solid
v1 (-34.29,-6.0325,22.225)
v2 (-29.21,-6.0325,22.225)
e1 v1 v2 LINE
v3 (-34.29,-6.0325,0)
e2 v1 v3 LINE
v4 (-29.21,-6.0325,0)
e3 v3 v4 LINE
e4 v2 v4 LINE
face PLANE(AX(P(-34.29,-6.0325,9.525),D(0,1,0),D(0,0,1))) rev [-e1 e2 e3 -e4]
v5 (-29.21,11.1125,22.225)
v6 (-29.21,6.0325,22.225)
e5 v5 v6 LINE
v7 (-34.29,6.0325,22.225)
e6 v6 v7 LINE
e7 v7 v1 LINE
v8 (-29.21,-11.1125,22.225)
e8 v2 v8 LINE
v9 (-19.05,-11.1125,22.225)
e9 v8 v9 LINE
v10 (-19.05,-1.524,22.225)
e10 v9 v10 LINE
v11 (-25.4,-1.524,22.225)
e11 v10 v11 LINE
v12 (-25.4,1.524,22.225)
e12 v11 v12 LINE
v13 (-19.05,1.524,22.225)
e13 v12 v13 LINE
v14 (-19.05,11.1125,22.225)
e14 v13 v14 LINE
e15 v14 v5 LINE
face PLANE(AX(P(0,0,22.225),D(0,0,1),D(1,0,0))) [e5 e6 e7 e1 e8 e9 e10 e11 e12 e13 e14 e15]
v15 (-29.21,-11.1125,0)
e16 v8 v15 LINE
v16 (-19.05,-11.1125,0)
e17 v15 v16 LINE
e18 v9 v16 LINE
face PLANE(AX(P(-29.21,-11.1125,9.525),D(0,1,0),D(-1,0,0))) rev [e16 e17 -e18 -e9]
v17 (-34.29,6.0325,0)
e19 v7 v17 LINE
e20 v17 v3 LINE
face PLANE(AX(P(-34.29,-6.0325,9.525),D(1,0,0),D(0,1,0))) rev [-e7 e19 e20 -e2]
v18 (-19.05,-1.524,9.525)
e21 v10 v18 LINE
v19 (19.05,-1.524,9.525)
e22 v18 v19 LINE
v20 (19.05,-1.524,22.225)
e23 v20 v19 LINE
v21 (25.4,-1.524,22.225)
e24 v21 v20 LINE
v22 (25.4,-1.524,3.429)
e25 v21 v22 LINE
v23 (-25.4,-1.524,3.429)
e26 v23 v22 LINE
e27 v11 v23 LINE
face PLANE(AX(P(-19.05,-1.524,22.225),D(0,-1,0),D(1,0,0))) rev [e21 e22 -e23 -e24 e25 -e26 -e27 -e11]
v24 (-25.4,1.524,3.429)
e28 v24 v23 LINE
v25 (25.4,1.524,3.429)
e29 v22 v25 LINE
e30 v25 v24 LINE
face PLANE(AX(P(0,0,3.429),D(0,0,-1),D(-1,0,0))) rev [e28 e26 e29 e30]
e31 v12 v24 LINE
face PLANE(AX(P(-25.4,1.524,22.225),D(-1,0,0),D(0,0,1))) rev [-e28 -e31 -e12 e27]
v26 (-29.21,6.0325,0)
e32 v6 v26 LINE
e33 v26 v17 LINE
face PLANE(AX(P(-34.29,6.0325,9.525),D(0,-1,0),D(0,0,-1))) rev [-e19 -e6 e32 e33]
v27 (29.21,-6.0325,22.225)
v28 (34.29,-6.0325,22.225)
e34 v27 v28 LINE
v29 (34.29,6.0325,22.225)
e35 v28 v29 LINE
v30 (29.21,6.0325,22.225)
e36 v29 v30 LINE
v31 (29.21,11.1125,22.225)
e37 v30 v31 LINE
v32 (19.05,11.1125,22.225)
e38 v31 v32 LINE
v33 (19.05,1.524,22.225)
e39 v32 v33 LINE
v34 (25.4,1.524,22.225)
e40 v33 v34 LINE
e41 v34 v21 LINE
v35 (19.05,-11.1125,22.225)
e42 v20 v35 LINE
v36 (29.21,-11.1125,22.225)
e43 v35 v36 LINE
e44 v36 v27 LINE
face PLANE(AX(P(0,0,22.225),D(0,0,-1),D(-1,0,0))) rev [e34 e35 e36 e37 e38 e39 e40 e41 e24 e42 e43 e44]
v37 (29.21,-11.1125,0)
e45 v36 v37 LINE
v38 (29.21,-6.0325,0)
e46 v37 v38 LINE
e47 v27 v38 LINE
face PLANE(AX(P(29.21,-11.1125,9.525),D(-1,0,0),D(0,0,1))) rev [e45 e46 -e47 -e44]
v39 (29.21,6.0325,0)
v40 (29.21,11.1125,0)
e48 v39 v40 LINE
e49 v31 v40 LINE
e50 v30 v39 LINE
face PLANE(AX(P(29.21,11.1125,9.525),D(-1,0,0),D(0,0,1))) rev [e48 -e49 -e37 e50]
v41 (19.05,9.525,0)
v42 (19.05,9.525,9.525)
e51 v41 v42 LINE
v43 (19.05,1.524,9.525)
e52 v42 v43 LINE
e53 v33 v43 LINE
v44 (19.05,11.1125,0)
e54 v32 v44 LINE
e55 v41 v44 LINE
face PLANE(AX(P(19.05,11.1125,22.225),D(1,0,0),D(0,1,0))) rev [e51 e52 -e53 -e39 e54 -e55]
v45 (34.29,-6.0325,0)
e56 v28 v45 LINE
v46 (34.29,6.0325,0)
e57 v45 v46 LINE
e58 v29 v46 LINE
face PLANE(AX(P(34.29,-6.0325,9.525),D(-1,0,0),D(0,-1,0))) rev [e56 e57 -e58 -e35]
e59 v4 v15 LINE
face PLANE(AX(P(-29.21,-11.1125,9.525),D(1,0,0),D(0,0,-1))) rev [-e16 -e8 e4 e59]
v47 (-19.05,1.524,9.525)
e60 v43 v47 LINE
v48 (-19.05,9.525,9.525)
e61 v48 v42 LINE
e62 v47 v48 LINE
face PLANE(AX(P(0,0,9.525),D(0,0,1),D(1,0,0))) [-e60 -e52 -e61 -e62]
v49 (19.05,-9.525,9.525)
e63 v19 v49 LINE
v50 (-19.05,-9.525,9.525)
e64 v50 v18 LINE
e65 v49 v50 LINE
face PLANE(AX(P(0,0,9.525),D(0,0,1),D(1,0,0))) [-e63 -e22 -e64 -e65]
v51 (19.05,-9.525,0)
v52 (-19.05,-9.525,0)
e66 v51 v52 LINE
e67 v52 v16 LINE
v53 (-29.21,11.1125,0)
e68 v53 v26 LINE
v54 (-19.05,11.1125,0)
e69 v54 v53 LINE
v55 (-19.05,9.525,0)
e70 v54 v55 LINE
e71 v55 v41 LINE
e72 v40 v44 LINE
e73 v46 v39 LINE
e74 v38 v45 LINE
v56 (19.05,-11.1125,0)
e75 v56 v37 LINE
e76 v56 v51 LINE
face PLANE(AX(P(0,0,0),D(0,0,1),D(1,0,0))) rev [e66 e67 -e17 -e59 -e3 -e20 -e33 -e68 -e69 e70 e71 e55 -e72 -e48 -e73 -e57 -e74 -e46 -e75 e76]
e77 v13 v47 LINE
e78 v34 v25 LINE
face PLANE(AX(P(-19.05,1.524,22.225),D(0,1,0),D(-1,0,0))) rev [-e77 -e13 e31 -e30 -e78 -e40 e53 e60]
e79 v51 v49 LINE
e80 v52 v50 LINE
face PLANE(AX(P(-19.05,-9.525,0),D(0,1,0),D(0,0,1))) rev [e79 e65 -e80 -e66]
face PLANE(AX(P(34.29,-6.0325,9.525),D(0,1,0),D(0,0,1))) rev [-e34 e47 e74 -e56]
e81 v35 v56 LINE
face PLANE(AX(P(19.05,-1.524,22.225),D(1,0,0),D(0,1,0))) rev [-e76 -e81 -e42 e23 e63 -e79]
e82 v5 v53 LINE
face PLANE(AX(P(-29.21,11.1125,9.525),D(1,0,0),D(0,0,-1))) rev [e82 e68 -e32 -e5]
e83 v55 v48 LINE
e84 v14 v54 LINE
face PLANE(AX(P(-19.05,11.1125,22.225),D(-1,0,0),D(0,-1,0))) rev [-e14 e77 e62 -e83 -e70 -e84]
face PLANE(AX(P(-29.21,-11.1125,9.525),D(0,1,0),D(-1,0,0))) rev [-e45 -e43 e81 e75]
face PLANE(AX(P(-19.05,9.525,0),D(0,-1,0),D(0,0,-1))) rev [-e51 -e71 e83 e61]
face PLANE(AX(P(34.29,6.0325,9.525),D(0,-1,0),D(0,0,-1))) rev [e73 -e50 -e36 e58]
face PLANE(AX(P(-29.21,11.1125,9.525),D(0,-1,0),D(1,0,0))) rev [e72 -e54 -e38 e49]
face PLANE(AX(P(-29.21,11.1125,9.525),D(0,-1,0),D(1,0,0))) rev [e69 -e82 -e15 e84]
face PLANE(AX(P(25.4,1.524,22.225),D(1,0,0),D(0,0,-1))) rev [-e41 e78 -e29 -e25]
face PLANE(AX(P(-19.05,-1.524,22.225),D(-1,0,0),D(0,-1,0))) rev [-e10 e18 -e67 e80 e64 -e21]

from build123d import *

# Parameters (mm, degrees)
BOSS_EXTRUDE1_DEPTH     = 9.525
BOSS_EXTRUDE2_DEPTH     = 12.7
SKETCH4_W               = 50.8
SKETCH4_H               = 3.048
CUT_EXTRUDE1_DEPTH      = 6.096
CUT_EXTRUDE2_DEPTH      = 39.217558219
CUT_EXTRUDE2_DEPTH_BACK = 39.217558219
SKETCH5_W               = 38.1
SKETCH5_H               = 1.5875


with BuildPart() as part:
    # Sketch1 → Boss-Extrude1 (new body)
    with BuildSketch(Plane.XY):
        Polygon((-29.21, -11.1125), (29.21, -11.1125), (29.21, -6.0325), (34.29, -6.0325), (34.29, 6.0325), (29.21, 6.0325), (29.21, 11.1125), (-29.21, 11.1125), (-29.21, 6.0325), (-34.29, 6.0325), (-34.29, -6.0325), (-29.21, -6.0325), align=None)
    extrude(amount=BOSS_EXTRUDE1_DEPTH)

    # Sketch3 → Boss-Extrude2 (add)
    with BuildSketch(Plane.XY.offset(9.525)):
        Polygon((-29.21, 11.1125), (-19.05, 11.1125), (-19.05, 1.524), (-25.4, 1.524), (-25.4, -1.524), (-19.05, -1.524), (-19.05, -11.1125), (-29.21, -11.1125), (-29.21, -6.0325), (-34.29, -6.0325), (-34.29, 6.0325), (-29.21, 6.0325), align=None)
        Polygon((19.05, -1.524), (19.05, -11.1125), (29.21, -11.1125), (29.21, -6.0325), (34.29, -6.0325), (34.29, 6.0325), (29.21, 6.0325), (29.21, 11.1125), (19.05, 11.1125), (19.05, 1.524), (25.4, 1.524), (25.4, -1.524), align=None)
    extrude(amount=BOSS_EXTRUDE2_DEPTH)

    # Sketch4 → Cut-Extrude1 (cut)
    with BuildSketch(Plane.XY.offset(9.525)):
        Rectangle(SKETCH4_W, SKETCH4_H)
    extrude(amount=-CUT_EXTRUDE1_DEPTH, mode=Mode.SUBTRACT)

    # Sketch5 → Cut-Extrude2 (cut, two sides: drawn at the far end of the back side and taken through both)
    with BuildSketch(Plane.XY.offset(9.525).offset(-CUT_EXTRUDE2_DEPTH_BACK)):
        with Locations((0, 10.31875)):
            Rectangle(SKETCH5_W, SKETCH5_H)
        with Locations((0, -10.31875)):
            Rectangle(SKETCH5_W, SKETCH5_H)
    extrude(amount=CUT_EXTRUDE2_DEPTH + CUT_EXTRUDE2_DEPTH_BACK, mode=Mode.SUBTRACT)


solid = part.part
